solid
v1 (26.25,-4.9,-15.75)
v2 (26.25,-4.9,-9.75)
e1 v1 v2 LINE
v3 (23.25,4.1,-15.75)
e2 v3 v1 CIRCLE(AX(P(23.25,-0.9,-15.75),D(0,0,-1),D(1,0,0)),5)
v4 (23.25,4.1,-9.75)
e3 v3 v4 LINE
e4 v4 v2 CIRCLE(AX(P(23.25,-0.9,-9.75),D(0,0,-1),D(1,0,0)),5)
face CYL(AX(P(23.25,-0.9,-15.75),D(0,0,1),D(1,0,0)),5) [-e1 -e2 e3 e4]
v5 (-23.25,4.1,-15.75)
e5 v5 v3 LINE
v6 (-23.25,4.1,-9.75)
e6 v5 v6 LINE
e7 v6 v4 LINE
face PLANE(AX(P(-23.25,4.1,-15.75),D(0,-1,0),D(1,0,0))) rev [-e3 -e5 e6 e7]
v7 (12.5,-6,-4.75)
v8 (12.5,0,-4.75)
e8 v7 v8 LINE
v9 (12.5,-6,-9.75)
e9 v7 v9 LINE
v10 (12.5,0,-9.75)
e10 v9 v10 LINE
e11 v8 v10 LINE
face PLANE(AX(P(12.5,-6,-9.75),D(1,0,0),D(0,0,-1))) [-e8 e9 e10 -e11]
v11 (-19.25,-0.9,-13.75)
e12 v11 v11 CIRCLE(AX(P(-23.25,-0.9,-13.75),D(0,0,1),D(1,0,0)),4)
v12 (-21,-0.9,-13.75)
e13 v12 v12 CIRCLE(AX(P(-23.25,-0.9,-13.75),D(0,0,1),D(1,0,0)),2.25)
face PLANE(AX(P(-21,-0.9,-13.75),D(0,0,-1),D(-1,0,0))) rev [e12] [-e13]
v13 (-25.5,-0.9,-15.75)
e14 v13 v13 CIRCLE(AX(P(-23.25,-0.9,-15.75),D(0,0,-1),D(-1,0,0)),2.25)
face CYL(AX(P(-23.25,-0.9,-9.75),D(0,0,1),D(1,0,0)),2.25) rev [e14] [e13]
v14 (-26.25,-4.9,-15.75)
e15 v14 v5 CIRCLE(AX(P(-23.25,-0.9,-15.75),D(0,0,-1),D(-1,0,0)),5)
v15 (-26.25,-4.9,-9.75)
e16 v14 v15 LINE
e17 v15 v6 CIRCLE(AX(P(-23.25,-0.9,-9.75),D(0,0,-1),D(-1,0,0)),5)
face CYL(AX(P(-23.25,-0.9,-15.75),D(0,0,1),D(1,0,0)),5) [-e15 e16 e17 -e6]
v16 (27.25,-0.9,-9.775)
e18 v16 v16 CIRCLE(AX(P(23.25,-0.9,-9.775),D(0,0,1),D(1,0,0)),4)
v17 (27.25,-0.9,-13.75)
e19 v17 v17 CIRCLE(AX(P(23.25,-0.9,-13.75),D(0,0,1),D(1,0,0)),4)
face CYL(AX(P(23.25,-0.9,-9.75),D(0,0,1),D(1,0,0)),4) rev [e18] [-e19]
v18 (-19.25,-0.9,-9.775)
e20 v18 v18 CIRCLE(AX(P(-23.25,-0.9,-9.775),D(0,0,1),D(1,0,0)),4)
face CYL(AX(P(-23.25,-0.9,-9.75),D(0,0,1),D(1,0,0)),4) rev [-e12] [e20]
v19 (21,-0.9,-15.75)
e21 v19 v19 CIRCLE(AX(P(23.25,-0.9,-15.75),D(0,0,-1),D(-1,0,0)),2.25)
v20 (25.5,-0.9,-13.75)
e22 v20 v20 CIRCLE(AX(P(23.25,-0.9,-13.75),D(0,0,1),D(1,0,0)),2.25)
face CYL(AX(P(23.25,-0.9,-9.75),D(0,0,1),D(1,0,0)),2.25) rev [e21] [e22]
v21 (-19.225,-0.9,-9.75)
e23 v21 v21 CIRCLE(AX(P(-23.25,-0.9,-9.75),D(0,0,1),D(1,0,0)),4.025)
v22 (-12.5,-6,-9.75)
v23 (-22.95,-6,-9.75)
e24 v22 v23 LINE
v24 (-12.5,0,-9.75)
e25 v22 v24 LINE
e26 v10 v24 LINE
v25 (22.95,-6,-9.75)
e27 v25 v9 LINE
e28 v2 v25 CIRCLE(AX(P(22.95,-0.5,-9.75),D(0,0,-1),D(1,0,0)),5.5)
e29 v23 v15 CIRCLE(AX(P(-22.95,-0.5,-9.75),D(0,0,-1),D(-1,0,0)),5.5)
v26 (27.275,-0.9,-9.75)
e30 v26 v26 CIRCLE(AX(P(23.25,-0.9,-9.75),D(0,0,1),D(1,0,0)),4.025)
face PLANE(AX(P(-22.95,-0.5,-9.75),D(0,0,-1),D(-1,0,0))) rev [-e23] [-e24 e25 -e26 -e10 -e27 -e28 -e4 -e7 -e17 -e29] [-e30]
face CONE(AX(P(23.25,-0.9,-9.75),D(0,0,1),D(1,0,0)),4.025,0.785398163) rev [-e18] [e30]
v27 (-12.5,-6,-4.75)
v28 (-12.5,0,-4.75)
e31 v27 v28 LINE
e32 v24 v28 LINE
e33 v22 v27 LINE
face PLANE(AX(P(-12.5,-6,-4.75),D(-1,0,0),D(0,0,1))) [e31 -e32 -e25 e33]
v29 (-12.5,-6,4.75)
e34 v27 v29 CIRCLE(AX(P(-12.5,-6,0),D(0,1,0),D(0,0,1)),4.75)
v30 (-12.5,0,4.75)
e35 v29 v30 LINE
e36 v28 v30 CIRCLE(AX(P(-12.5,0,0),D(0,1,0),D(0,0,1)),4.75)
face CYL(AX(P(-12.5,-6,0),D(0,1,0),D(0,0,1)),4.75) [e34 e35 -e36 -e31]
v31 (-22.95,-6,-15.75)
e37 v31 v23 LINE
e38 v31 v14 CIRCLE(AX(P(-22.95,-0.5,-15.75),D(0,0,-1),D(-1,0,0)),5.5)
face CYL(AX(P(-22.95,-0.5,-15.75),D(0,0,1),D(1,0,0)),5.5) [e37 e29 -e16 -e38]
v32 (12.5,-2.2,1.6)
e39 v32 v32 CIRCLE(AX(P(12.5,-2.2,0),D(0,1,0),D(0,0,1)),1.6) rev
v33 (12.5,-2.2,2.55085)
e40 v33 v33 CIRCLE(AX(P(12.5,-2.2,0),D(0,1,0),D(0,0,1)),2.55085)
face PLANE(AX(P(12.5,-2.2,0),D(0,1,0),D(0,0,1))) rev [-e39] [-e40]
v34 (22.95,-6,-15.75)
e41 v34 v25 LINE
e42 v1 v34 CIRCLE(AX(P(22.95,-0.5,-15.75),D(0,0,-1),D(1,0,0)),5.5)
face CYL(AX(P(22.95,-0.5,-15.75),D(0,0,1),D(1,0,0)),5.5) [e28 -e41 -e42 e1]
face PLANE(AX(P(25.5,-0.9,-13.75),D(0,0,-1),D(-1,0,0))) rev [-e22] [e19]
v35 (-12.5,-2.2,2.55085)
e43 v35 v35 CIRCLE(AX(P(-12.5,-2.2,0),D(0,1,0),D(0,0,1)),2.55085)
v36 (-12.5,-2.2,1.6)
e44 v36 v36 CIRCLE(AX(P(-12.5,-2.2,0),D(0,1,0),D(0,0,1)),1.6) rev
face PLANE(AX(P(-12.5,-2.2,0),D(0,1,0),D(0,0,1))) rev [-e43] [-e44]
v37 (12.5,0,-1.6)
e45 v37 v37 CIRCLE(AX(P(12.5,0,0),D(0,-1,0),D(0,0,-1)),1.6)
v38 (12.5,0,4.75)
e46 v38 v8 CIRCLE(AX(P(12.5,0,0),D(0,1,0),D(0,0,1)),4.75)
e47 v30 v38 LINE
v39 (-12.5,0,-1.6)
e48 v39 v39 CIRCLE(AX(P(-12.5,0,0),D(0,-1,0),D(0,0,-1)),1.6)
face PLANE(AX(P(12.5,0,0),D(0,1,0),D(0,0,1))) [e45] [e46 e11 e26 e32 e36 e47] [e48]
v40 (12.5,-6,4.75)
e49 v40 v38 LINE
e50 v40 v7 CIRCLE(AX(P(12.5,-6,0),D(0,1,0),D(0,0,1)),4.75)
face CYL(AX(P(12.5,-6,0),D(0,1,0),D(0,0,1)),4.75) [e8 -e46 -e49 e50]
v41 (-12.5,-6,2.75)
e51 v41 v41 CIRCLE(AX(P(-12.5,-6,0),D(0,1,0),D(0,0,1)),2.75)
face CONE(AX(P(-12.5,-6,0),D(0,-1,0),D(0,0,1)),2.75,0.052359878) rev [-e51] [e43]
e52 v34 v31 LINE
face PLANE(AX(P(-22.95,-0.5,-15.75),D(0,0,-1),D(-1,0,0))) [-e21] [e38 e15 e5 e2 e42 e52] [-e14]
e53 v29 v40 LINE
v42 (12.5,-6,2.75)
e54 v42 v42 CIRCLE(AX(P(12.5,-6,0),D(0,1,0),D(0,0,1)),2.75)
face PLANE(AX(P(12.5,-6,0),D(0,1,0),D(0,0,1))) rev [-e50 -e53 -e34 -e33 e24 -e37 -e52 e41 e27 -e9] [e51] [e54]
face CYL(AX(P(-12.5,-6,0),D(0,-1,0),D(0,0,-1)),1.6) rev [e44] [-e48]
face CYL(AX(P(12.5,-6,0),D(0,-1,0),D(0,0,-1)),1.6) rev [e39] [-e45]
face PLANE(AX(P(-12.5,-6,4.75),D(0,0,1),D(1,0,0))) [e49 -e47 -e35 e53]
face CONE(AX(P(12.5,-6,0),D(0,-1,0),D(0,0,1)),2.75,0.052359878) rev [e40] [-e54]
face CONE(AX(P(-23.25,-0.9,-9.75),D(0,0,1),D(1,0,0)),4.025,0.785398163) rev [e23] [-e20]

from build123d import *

# Parameters (mm, degrees)
BOSS_EXTRUDE1_DEPTH           = 6
M3_CLEARANCE_HOLE1_D          = 3.2
SKETCH7_R                     = 2.75
CUT_EXTRUDE1_DEPTH            = 3.8
CUT_EXTRUDE1_DRAFT            = 3
CUT_EXTRUDE1_PROFILE_2_DEPTH  = 3.8
CUT_EXTRUDE1_PROFILE_2_DRAFT  = 3
BOSS_EXTRUDE2_DEPTH           = 6
CBORE_FOR_M4_SHCS1_AT_2_COUNT = 2
CBORE_FOR_M4_SHCS1_AT_2_PITCH = 46.5


with BuildPart() as part:
    # Sketch1 → Boss-Extrude1 (new body)
    with BuildSketch(Plane(origin=(0, 0, 0), x_dir=(1, 0, 0), z_dir=(0, 1, 0))):
        with BuildLine():
            Line((-12.5, -4.75), (12.5, -4.75))
            ThreePointArc((12.5, -4.75), (17.25, 0), (12.5, 4.75))
            Line((12.5, 4.75), (12.5, 9.75))
            Line((12.5, 9.75), (-12.5, 9.75))
            Line((-12.5, 9.75), (-12.5, 4.75))
            ThreePointArc((-12.5, 4.75), (-17.25, 0), (-12.5, -4.75))
        make_face()
    extrude(amount=-BOSS_EXTRUDE1_DEPTH)

    # M3 Clearance Hole1 (through all)
    with Locations(Plane(origin=(0, -6, 0), x_dir=(-1, 0, 0), z_dir=(0, -1, 0))):
        with Locations((12.5, 0), (-12.5, 0)):
            Hole(M3_CLEARANCE_HOLE1_D / 2)


with BuildPart() as cut_extrude1_tool:
    # Sketch7 → Cut-Extrude1 (with draft: the straight prism first)
    with BuildSketch(Plane(origin=(0, -6, 0), x_dir=(-1, 0, 0), z_dir=(0, 1, 0))):
        with Locations((12.5, 0)):
            Circle(SKETCH7_R)
    extrude(amount=CUT_EXTRUDE1_DEPTH)
    # Cut-Extrude1: the draft: its side faces are tilted about the plane it starts from
    cut_extrude1_sides = [cut_extrude1_tool.faces().sort_by_distance(p)[0] for p in [
        (-9.75, -4.1, 0),
    ]]
    draft(cut_extrude1_sides, Plane(origin=(0, -6, 0), x_dir=(-1, 0, 0), z_dir=(0, 1, 0)), CUT_EXTRUDE1_DRAFT)


with BuildPart() as part_1:
    add(part.part)

    # Cut-Extrude1: cut by cut_extrude1_tool
    add(cut_extrude1_tool.part, mode=Mode.SUBTRACT)


with BuildPart() as cut_extrude1_profile_2_tool:
    # Sketch7 → Cut-Extrude1 profile 2 (with draft: the straight prism first)
    with BuildSketch(Plane(origin=(0, -6, 0), x_dir=(-1, 0, 0), z_dir=(0, 1, 0))):
        with Locations((-12.5, 0)):
            Circle(SKETCH7_R)
    extrude(amount=CUT_EXTRUDE1_PROFILE_2_DEPTH)
    # Cut-Extrude1 profile 2: the draft: its side faces are tilted about the plane it starts from
    cut_extrude1_profile_2_sides = [cut_extrude1_profile_2_tool.faces().sort_by_distance(p)[0] for p in [
        (15.25, -4.1, 0),
    ]]
    draft(cut_extrude1_profile_2_sides, Plane(origin=(0, -6, 0), x_dir=(-1, 0, 0), z_dir=(0, 1, 0)), CUT_EXTRUDE1_PROFILE_2_DRAFT)


with BuildPart() as part_2:
    add(part_1.part)

    # Cut-Extrude1 profile 2: cut by cut_extrude1_profile_2_tool
    add(cut_extrude1_profile_2_tool.part, mode=Mode.SUBTRACT)

    # Sketch4 → Boss-Extrude2 (add)
    with BuildSketch(Plane(origin=(0, 0, -9.75), x_dir=(-1, 0, 0), z_dir=(0, 0, -1))):
        with BuildLine():
            Line((23.25, 4.1), (-23.25, 4.1))
            ThreePointArc((-23.25, 4.1), (-27.99341649, 0.68113883), (-26.25, -4.9))
            ThreePointArc((-26.25, -4.9), (-24.689252713, -5.717758139), (-22.95, -6))
            Line((-22.95, -6), (22.95, -6))
            ThreePointArc((22.95, -6), (24.689252713, -5.717758139), (26.25, -4.9))
            ThreePointArc((26.25, -4.9), (27.99341649, 0.68113883), (23.25, 4.1))
        make_face()
    extrude(amount=BOSS_EXTRUDE2_DEPTH)

    # Sketch9 → CBORE for M4 SHCS1 (revolve, cut)
    with BuildSketch(Plane(origin=(23.25, -0.9, -9.75), x_dir=(0, -1, 0), z_dir=(1, 0, 0))):
        Polygon((0, 0), (0, 11.351936393), (2.25, 10), (2.25, 4), (4, 4), (4, 0.025), (4.025, 0), align=None)
    cbore_for_m4_shcs1 = revolve(axis=Axis((23.25, -0.9, -3.4), (0, 0, -1)), mode=Mode.SUBTRACT)

    # CBORE for M4 SHCS1 at 2: CBORE for M4 SHCS1 ×2
    with Locations(*[(-i * CBORE_FOR_M4_SHCS1_AT_2_PITCH, 0, 0) for i in range(1, CBORE_FOR_M4_SHCS1_AT_2_COUNT)]):
        add(cbore_for_m4_shcs1, mode=Mode.SUBTRACT)


solid = part_2.part
